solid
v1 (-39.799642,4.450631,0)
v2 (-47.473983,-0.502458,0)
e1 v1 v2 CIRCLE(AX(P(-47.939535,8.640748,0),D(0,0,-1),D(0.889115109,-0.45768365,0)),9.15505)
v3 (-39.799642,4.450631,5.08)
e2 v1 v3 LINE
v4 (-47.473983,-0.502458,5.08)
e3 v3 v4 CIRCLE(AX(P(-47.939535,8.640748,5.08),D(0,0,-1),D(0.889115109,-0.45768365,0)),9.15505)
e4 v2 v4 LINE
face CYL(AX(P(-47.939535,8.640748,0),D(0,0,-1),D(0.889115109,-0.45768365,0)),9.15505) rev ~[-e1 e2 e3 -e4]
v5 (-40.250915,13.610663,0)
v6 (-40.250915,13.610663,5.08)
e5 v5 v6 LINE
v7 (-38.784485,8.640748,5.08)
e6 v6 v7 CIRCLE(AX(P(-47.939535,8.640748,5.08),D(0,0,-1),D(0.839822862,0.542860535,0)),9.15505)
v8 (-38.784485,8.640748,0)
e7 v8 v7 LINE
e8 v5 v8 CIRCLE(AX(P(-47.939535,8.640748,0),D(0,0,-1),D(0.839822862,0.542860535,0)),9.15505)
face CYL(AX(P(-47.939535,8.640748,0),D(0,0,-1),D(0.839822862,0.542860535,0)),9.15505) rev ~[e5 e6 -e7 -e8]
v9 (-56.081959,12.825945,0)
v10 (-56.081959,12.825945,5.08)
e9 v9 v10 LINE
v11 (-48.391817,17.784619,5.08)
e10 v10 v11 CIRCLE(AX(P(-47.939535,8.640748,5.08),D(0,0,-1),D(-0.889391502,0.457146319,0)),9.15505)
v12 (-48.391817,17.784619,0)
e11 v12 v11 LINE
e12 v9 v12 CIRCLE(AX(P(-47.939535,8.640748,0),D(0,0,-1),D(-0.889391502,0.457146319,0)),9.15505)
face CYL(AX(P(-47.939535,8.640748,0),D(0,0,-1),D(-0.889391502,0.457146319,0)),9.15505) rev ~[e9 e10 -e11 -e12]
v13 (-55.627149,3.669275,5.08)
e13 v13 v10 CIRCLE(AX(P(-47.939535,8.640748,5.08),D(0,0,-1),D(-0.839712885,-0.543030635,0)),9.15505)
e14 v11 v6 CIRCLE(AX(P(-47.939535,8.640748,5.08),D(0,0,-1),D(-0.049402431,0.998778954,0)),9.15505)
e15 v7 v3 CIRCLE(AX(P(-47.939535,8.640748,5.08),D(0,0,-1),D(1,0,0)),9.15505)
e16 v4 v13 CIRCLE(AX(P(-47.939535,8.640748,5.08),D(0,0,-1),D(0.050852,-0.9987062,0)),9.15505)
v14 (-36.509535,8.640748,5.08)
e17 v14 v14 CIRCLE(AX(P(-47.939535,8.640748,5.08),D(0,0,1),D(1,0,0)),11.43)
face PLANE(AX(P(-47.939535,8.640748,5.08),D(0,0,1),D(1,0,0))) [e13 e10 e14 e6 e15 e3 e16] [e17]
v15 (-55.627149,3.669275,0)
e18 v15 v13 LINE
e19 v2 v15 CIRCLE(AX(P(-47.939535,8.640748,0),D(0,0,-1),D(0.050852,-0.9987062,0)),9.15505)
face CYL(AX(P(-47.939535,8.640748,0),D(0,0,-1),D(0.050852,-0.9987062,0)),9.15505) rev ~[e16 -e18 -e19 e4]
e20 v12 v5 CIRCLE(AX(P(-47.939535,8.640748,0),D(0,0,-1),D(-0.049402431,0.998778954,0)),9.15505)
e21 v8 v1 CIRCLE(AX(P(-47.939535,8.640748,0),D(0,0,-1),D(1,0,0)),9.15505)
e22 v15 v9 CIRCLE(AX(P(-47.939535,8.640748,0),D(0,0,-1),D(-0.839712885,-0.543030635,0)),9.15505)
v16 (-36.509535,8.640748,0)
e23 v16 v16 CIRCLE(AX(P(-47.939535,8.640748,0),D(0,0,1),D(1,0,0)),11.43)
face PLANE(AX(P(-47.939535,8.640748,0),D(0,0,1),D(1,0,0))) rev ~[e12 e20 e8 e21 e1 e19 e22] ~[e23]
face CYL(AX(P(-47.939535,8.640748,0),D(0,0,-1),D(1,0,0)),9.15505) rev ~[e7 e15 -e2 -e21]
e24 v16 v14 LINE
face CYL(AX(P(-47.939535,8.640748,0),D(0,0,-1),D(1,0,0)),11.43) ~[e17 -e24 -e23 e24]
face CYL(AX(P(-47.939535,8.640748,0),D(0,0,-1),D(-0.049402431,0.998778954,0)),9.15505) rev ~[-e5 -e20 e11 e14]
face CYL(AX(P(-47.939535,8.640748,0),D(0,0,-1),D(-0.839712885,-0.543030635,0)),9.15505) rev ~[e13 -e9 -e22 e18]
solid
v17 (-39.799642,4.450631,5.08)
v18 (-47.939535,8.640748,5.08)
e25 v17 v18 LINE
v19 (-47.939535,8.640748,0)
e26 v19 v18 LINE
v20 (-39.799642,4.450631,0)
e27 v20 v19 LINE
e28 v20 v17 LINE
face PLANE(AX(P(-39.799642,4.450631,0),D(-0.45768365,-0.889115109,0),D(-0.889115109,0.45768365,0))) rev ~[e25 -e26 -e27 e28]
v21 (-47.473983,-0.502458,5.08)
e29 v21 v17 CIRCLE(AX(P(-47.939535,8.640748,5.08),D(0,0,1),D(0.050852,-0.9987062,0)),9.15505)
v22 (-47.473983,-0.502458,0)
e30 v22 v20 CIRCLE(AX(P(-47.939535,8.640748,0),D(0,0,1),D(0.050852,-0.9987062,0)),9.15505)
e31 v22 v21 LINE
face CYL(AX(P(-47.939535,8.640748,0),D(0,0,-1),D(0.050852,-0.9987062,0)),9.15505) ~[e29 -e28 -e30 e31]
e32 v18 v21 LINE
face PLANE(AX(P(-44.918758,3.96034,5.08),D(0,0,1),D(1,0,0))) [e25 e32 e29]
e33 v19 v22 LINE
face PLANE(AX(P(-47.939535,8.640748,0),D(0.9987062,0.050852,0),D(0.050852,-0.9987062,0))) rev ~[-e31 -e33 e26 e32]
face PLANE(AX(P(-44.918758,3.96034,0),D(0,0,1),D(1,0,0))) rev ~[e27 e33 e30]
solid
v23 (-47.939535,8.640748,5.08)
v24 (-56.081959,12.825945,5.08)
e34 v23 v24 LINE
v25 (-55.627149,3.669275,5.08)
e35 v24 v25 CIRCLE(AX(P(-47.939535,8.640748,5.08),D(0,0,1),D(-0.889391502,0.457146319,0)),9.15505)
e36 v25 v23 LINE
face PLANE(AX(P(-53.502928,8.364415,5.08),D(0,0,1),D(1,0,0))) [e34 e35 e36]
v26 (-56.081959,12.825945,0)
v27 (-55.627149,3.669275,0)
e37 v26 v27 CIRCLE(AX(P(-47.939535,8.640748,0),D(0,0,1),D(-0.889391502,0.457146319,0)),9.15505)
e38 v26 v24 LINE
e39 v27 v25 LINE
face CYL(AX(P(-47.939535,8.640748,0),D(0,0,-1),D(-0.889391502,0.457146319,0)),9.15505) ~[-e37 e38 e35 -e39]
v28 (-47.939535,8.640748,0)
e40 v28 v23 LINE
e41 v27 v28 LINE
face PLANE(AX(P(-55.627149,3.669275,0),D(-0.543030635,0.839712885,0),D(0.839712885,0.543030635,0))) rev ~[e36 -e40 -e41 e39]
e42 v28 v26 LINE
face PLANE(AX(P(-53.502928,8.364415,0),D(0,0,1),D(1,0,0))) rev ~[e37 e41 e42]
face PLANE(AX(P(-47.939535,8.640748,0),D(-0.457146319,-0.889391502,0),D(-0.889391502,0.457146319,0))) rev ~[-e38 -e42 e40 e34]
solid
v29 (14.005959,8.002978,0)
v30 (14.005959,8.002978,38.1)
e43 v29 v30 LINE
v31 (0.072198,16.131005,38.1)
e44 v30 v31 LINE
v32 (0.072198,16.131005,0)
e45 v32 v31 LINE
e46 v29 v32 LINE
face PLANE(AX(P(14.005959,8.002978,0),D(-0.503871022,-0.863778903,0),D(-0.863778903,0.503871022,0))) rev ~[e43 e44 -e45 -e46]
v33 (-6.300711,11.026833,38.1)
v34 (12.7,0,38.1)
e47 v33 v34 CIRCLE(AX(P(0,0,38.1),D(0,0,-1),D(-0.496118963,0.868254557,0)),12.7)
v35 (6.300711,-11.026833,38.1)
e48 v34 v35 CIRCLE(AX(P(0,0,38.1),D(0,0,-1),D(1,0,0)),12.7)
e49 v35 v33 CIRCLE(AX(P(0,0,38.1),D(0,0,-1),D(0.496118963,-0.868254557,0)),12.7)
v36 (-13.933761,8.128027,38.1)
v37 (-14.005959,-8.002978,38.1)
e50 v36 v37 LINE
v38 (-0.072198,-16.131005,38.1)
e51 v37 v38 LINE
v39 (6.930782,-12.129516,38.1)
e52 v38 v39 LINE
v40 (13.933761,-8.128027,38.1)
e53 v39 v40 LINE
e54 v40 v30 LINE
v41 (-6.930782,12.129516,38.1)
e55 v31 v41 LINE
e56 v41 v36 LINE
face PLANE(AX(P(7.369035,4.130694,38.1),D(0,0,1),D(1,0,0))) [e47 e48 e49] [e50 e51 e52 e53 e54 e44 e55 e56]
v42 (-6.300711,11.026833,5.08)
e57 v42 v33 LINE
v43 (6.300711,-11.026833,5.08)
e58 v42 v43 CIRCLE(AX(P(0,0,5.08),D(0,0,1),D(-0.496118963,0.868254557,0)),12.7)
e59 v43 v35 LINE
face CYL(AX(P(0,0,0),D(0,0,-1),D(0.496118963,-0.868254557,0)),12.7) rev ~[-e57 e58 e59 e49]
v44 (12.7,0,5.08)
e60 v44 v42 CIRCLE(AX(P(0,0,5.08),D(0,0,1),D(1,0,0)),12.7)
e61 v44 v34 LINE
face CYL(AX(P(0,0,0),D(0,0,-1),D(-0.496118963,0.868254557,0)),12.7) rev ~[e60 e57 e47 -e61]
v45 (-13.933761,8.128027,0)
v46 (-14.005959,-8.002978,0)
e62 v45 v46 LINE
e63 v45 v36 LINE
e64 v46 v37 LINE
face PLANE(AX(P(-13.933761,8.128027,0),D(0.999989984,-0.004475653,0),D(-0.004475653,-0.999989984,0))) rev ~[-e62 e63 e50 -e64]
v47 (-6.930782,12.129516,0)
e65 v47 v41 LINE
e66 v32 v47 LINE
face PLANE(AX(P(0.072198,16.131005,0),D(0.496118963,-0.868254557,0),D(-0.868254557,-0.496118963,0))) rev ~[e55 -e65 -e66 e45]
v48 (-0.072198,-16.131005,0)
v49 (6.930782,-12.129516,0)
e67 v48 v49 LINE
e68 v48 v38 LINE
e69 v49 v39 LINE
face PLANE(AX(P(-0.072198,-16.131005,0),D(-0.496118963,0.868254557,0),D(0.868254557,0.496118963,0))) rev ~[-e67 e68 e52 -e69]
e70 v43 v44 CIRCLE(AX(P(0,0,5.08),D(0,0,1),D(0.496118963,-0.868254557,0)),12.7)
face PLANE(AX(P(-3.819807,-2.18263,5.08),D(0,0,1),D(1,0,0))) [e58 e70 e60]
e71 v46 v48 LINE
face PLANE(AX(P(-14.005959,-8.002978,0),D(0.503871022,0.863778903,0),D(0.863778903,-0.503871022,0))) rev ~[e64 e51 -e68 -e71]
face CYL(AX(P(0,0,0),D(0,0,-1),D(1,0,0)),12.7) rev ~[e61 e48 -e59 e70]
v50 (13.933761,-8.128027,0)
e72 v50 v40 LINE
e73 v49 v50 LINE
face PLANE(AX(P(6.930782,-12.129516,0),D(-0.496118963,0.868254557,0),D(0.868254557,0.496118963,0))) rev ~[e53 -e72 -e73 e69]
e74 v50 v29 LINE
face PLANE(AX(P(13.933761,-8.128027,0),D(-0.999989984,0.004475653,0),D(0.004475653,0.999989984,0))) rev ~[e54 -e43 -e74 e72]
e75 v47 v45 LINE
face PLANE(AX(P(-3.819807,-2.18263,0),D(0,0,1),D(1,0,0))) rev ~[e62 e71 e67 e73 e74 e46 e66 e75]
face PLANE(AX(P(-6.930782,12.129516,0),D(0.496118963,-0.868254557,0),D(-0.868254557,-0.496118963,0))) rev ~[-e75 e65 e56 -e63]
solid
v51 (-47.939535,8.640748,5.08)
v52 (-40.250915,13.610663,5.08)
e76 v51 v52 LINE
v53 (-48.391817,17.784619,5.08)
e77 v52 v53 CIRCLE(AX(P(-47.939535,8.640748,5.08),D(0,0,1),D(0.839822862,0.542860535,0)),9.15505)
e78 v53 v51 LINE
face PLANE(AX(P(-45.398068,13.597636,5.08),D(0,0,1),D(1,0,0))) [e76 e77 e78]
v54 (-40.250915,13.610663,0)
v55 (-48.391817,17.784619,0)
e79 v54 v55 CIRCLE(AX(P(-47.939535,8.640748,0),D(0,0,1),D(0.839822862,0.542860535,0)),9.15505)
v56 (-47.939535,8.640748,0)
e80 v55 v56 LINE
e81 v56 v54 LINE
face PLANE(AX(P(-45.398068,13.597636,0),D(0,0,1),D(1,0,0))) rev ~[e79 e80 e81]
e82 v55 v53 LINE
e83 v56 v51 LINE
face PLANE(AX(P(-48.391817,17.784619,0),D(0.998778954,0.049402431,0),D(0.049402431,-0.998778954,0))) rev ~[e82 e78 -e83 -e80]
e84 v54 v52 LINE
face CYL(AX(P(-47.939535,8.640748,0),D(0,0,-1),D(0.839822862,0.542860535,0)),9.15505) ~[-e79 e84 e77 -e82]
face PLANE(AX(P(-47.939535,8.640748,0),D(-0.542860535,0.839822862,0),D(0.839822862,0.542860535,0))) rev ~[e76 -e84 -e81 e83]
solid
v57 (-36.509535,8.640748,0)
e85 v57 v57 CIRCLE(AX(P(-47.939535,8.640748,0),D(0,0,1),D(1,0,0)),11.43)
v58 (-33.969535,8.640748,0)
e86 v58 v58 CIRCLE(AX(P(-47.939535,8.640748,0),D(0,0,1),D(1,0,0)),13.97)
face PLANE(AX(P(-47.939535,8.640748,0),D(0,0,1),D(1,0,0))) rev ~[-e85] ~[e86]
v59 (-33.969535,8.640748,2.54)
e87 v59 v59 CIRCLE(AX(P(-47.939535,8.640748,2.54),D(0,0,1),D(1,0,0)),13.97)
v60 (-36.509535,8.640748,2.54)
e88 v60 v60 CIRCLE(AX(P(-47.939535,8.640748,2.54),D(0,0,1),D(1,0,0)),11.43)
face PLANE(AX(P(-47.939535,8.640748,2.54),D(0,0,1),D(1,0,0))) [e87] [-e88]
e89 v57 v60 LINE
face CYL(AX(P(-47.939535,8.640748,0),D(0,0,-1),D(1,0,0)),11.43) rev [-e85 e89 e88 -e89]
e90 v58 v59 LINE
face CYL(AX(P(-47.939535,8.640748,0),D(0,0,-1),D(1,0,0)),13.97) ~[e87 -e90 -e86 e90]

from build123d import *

# Parameters (mm, degrees)
F1_DEPTH = 38.1
F2_DEPTH = 5.08
F3_R     = 13.97
F3_R_2   = 11.43
F4_DEPTH = 2.54
F5_DEPTH = 5.08
F6_DEPTH = 5.08


with BuildPart() as f1:
    # F0 (on Top) → F1 (new body)
    with BuildSketch(Plane.XY):
        with BuildLine():
            Line((14.0059588347, 8.0029775992), (0.0721975106, 16.1310049548))
            Line((0.0721975106, 16.1310049548), (-6.9307819068, 12.1295161552))
            Line((-6.9307819068, 12.1295161552), (-6.3007108244, 11.0268328684))
            ThreePointArc((-6.3007108244, 11.0268328684), (6.3745969492, 10.9842848531), (12.7, 0))
            ThreePointArc((12.7, 0), (10.9842848531, -6.3745969492), (6.3007108244, -11.0268328684))
            Line((6.3007108244, -11.0268328684), (6.9307819068, -12.1295161552))
            Line((6.9307819068, -12.1295161552), (13.9337613242, -8.1280273557))
            Line((13.9337613242, -8.1280273557), (14.0059588347, 8.0029775992))
        make_face()
        with BuildLine():
            Line((-6.3007108244, 11.0268328684), (-6.9307819068, 12.1295161552))
            Line((-6.9307819068, 12.1295161552), (-13.9337613242, 8.1280273557))
            Line((-13.9337613242, 8.1280273557), (-14.0059588347, -8.0029775992))
            Line((-14.0059588347, -8.0029775992), (-0.0721975106, -16.1310049548))
            Line((-0.0721975106, -16.1310049548), (6.9307819068, -12.1295161552))
            Line((6.9307819068, -12.1295161552), (6.3007108244, -11.0268328684))
            ThreePointArc((6.3007108244, -11.0268328684), (-11.0268328684, -6.3007108244), (-6.3007108244, 11.0268328684))
        make_face()
    extrude(amount=F1_DEPTH)

    # F0 (on Top) → F2 (join)
    with BuildSketch(Plane.XY):
        with BuildLine():
            Line((6.3007108244, -11.0268328684), (-6.3007108244, 11.0268328684))
            ThreePointArc((-6.3007108244, 11.0268328684), (-11.0268328684, -6.3007108244), (6.3007108244, -11.0268328684))
        make_face()
        with BuildLine():
            ThreePointArc((12.7, 0), (6.3745969492, 10.9842848531), (-6.3007108244, 11.0268328684))
            Line((-6.3007108244, 11.0268328684), (6.3007108244, -11.0268328684))
            ThreePointArc((6.3007108244, -11.0268328684), (10.9842848531, -6.3745969492), (12.7, 0))
        make_face()
    extrude(amount=F2_DEPTH)


with BuildPart() as f4:
    # F3 (on Top) → F4 (new body)
    with BuildSketch(Plane.XY):
        with Locations((-47.9395352304, 8.6407475173)):
            Circle(F3_R)
        with Locations((-47.9395352304, 8.6407475173)):
            Circle(F3_R_2, mode=Mode.SUBTRACT)
    extrude(amount=F4_DEPTH)


with BuildPart() as f5:
    # F3 (on Top) → F5 (new body)
    with BuildSketch(Plane.XY):
        with BuildLine():
            Line((-47.9395352304, 8.6407475173), (-40.2509147157, 13.6106630009))
            ThreePointArc((-40.2509147157, 13.6106630009), (-43.7626192637, 16.787422811), (-48.3918169685, 17.7846190476))
            Line((-48.3918169685, 17.7846190476), (-47.9395352304, 8.6407475173))
        make_face()
    extrude(amount=F5_DEPTH)


with BuildPart() as f5b:
    # F3 (on Top) → F5, piece 2 (new body)
    with BuildSketch(Plane.XY):
        with BuildLine():
            Line((-55.6271489037, 3.6692747635), (-47.9395352304, 8.6407475173))
            Line((-47.9395352304, 8.6407475173), (-56.0819591317, 12.8259450449))
            ThreePointArc((-56.0819591317, 12.8259450449), (-57.083313173, 8.1865776496), (-55.6271489037, 3.6692747635))
        make_face()
    extrude(amount=F5_DEPTH)


with BuildPart() as f5c:
    # F3 (on Top) → F5, piece 3 (new body)
    with BuildSketch(Plane.XY):
        with BuildLine():
            ThreePointArc((-47.4739826156, -0.5024579433), (-42.9749911912, 0.9486575663), (-39.7996417205, 4.4506306955))
            Line((-39.7996417205, 4.4506306955), (-47.9395352304, 8.6407475173))
            Line((-47.9395352304, 8.6407475173), (-47.4739826156, -0.5024579433))
        make_face()
    extrude(amount=F5_DEPTH)


with BuildPart() as f6:
    # F3 (on Top) → F6 (new body)
    with BuildSketch(Plane.XY):
        with Locations((-47.9395352304, 8.6407475173)):
            Circle(F3_R_2)
        with BuildLine():
            ThreePointArc((-40.2509147157, 13.6106630009), (-39.1587421966, 11.2316197702), (-38.7844849666, 8.6407475173))
            ThreePointArc((-38.7844849666, 8.6407475173), (-39.0418928585, 6.485079279), (-39.7996417205, 4.4506306955))
            ThreePointArc((-39.7996417205, 4.4506306955), (-42.9749911912, 0.9486575663), (-47.4739826156, -0.5024579433))
            ThreePointArc((-47.4739826156, -0.5024579433), (-52.109712676, 0.4906208064), (-55.6271489037, 3.6692747635))
            ThreePointArc((-55.6271489037, 3.6692747635), (-57.083313173, 8.1865776496), (-56.0819591317, 12.8259450449))
            ThreePointArc((-56.0819591317, 12.8259450449), (-52.900820671, 16.3349396198), (-48.3918169685, 17.7846190476))
            ThreePointArc((-48.3918169685, 17.7846190476), (-43.7626192637, 16.787422811), (-40.2509147157, 13.6106630009))
        make_face(mode=Mode.SUBTRACT)
    extrude(amount=F6_DEPTH)


solid = Compound([f1.part, f4.part, f5.part, f5b.part, f5c.part, f6.part])
